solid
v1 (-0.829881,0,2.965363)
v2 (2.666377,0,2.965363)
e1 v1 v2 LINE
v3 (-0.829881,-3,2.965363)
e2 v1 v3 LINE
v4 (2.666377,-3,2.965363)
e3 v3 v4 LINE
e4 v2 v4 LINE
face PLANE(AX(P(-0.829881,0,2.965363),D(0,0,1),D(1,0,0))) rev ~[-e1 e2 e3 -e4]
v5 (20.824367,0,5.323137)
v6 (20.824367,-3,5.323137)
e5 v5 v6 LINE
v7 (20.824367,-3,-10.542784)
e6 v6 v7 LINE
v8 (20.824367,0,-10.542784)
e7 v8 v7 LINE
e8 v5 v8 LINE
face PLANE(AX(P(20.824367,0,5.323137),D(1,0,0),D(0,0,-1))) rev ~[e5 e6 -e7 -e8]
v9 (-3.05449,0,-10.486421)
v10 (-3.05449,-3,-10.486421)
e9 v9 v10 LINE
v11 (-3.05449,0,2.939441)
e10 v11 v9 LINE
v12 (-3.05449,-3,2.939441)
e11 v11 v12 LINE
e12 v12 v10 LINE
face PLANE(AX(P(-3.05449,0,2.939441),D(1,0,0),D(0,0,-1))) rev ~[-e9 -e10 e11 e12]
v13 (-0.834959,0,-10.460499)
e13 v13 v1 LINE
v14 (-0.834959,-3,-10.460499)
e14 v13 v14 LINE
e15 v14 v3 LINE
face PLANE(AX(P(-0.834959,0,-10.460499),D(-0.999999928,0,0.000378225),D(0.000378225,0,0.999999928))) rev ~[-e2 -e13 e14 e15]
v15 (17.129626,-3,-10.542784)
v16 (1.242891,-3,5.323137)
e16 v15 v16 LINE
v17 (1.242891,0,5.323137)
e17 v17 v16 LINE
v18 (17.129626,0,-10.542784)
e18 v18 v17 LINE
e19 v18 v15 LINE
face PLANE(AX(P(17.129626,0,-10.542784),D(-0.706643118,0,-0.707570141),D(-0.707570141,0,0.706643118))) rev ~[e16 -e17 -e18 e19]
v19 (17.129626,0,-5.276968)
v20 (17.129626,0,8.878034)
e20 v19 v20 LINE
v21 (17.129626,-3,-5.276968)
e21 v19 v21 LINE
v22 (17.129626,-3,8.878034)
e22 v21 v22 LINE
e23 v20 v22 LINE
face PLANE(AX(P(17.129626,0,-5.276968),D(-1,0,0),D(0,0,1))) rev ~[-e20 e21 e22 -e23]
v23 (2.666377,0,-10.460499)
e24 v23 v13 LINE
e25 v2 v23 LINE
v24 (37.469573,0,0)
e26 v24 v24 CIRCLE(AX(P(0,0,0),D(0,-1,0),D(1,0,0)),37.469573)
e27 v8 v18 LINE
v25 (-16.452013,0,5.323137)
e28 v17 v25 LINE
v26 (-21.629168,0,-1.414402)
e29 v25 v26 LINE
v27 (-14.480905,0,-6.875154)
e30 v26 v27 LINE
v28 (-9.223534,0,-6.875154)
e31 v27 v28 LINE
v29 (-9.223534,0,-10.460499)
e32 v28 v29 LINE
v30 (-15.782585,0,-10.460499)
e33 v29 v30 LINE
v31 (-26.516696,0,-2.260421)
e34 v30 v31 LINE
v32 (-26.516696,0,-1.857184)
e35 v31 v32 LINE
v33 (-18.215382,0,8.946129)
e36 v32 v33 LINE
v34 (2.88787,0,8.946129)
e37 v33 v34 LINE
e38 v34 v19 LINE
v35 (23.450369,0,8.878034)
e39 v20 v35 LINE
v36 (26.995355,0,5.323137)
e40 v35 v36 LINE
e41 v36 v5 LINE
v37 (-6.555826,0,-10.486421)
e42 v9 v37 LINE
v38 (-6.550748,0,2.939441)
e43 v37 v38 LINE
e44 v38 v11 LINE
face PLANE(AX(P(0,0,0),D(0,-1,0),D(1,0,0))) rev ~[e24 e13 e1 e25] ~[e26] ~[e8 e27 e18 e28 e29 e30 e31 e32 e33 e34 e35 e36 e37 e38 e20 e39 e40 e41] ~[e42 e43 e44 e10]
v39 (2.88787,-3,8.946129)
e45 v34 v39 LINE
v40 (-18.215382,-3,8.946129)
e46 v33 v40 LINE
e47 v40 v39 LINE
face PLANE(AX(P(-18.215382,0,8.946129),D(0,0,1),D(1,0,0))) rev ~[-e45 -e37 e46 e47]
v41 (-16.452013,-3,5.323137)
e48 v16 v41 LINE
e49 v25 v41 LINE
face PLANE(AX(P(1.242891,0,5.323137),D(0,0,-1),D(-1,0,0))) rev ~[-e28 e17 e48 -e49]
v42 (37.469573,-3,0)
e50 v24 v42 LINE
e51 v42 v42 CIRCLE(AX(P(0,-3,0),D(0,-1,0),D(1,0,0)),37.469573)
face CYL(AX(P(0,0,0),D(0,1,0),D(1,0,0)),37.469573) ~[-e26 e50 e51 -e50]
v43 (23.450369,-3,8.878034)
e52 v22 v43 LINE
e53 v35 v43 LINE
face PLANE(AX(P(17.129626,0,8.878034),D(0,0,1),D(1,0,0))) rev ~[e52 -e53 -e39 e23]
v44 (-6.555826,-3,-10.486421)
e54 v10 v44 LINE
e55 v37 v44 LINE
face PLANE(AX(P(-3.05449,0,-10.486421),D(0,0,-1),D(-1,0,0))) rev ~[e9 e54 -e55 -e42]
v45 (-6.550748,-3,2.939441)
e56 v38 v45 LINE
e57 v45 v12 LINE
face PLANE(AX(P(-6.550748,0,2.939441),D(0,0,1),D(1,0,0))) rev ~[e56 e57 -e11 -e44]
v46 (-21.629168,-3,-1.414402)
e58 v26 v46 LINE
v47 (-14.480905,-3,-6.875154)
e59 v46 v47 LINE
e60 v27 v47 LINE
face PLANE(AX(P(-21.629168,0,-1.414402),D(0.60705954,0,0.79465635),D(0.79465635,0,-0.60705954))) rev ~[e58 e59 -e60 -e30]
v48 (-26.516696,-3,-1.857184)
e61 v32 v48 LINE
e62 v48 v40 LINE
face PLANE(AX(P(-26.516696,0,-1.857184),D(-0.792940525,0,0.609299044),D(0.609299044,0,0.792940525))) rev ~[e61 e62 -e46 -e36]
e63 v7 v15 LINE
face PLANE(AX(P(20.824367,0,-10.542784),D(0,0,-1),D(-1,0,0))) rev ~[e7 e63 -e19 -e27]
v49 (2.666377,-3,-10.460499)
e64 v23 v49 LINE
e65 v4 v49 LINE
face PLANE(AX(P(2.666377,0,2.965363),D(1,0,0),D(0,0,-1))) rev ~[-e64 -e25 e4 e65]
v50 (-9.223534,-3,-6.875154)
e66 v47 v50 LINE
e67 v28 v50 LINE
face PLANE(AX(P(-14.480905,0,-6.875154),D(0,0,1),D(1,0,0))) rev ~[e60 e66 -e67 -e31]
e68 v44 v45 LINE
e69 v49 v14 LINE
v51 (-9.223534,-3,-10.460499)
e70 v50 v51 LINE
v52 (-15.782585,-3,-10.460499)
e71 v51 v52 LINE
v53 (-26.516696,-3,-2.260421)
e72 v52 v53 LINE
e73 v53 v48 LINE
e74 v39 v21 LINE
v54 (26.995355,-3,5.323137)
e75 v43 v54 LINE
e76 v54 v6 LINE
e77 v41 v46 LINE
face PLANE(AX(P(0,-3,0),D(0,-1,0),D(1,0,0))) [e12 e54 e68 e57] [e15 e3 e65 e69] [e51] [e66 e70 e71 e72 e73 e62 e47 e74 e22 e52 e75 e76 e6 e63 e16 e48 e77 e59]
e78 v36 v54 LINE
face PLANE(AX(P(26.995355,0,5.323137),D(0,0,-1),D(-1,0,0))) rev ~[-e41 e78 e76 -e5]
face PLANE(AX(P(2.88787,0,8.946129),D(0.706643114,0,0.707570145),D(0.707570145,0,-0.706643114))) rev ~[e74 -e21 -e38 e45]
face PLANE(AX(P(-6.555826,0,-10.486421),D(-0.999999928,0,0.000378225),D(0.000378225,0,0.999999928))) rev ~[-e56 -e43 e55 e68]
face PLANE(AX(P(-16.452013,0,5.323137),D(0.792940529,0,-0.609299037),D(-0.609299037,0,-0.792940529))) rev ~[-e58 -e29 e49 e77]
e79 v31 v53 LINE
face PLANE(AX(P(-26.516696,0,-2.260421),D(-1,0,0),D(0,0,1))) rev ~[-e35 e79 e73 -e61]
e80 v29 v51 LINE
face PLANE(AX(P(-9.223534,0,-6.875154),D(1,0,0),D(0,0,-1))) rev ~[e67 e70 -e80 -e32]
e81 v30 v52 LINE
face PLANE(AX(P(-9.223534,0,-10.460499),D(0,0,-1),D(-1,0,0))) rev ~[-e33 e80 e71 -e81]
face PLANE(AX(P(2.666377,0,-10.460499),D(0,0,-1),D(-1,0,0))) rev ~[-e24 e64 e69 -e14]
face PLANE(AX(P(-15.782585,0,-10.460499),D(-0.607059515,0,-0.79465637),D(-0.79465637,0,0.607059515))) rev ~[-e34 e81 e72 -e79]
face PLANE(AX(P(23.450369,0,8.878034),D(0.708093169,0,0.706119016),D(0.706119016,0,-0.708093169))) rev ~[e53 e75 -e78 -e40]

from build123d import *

# Parameters (mm, degrees)
F0_R     = 37.469573
F1_DEPTH = 3


with BuildPart() as f1:
    # F0 (on Front) → F1 (new body)
    with BuildSketch(Plane.XZ):
        Circle(F0_R)
        Polygon((-3.05449, -10.486421), (-6.555826, -10.486421), (-6.550748, 2.939441), (-3.05449, 2.939441), align=None, mode=Mode.SUBTRACT)
        Polygon((2.666377, -10.460499), (-0.834959, -10.460499), (-0.829881, 2.965363), (2.666377, 2.965363), align=None, mode=Mode.SUBTRACT)
        Polygon((-14.480905, -6.875154), (-9.223534, -6.875154), (-9.223534, -10.460499), (-15.782585, -10.460499), (-26.516696, -2.260421), (-26.516696, -1.857184), (-18.215382, 8.946129), (2.88787, 8.946129), (17.129626, -5.276968), (17.129626, 8.878034), (23.450369, 8.878034), (26.995355, 5.323137), (20.824367, 5.323137), (20.824367, -10.542784), (17.129626, -10.542784), (1.242891, 5.323137), (-16.452013, 5.323137), (-21.629168, -1.414402), align=None, mode=Mode.SUBTRACT)
    extrude(amount=F1_DEPTH)


solid = f1.part
